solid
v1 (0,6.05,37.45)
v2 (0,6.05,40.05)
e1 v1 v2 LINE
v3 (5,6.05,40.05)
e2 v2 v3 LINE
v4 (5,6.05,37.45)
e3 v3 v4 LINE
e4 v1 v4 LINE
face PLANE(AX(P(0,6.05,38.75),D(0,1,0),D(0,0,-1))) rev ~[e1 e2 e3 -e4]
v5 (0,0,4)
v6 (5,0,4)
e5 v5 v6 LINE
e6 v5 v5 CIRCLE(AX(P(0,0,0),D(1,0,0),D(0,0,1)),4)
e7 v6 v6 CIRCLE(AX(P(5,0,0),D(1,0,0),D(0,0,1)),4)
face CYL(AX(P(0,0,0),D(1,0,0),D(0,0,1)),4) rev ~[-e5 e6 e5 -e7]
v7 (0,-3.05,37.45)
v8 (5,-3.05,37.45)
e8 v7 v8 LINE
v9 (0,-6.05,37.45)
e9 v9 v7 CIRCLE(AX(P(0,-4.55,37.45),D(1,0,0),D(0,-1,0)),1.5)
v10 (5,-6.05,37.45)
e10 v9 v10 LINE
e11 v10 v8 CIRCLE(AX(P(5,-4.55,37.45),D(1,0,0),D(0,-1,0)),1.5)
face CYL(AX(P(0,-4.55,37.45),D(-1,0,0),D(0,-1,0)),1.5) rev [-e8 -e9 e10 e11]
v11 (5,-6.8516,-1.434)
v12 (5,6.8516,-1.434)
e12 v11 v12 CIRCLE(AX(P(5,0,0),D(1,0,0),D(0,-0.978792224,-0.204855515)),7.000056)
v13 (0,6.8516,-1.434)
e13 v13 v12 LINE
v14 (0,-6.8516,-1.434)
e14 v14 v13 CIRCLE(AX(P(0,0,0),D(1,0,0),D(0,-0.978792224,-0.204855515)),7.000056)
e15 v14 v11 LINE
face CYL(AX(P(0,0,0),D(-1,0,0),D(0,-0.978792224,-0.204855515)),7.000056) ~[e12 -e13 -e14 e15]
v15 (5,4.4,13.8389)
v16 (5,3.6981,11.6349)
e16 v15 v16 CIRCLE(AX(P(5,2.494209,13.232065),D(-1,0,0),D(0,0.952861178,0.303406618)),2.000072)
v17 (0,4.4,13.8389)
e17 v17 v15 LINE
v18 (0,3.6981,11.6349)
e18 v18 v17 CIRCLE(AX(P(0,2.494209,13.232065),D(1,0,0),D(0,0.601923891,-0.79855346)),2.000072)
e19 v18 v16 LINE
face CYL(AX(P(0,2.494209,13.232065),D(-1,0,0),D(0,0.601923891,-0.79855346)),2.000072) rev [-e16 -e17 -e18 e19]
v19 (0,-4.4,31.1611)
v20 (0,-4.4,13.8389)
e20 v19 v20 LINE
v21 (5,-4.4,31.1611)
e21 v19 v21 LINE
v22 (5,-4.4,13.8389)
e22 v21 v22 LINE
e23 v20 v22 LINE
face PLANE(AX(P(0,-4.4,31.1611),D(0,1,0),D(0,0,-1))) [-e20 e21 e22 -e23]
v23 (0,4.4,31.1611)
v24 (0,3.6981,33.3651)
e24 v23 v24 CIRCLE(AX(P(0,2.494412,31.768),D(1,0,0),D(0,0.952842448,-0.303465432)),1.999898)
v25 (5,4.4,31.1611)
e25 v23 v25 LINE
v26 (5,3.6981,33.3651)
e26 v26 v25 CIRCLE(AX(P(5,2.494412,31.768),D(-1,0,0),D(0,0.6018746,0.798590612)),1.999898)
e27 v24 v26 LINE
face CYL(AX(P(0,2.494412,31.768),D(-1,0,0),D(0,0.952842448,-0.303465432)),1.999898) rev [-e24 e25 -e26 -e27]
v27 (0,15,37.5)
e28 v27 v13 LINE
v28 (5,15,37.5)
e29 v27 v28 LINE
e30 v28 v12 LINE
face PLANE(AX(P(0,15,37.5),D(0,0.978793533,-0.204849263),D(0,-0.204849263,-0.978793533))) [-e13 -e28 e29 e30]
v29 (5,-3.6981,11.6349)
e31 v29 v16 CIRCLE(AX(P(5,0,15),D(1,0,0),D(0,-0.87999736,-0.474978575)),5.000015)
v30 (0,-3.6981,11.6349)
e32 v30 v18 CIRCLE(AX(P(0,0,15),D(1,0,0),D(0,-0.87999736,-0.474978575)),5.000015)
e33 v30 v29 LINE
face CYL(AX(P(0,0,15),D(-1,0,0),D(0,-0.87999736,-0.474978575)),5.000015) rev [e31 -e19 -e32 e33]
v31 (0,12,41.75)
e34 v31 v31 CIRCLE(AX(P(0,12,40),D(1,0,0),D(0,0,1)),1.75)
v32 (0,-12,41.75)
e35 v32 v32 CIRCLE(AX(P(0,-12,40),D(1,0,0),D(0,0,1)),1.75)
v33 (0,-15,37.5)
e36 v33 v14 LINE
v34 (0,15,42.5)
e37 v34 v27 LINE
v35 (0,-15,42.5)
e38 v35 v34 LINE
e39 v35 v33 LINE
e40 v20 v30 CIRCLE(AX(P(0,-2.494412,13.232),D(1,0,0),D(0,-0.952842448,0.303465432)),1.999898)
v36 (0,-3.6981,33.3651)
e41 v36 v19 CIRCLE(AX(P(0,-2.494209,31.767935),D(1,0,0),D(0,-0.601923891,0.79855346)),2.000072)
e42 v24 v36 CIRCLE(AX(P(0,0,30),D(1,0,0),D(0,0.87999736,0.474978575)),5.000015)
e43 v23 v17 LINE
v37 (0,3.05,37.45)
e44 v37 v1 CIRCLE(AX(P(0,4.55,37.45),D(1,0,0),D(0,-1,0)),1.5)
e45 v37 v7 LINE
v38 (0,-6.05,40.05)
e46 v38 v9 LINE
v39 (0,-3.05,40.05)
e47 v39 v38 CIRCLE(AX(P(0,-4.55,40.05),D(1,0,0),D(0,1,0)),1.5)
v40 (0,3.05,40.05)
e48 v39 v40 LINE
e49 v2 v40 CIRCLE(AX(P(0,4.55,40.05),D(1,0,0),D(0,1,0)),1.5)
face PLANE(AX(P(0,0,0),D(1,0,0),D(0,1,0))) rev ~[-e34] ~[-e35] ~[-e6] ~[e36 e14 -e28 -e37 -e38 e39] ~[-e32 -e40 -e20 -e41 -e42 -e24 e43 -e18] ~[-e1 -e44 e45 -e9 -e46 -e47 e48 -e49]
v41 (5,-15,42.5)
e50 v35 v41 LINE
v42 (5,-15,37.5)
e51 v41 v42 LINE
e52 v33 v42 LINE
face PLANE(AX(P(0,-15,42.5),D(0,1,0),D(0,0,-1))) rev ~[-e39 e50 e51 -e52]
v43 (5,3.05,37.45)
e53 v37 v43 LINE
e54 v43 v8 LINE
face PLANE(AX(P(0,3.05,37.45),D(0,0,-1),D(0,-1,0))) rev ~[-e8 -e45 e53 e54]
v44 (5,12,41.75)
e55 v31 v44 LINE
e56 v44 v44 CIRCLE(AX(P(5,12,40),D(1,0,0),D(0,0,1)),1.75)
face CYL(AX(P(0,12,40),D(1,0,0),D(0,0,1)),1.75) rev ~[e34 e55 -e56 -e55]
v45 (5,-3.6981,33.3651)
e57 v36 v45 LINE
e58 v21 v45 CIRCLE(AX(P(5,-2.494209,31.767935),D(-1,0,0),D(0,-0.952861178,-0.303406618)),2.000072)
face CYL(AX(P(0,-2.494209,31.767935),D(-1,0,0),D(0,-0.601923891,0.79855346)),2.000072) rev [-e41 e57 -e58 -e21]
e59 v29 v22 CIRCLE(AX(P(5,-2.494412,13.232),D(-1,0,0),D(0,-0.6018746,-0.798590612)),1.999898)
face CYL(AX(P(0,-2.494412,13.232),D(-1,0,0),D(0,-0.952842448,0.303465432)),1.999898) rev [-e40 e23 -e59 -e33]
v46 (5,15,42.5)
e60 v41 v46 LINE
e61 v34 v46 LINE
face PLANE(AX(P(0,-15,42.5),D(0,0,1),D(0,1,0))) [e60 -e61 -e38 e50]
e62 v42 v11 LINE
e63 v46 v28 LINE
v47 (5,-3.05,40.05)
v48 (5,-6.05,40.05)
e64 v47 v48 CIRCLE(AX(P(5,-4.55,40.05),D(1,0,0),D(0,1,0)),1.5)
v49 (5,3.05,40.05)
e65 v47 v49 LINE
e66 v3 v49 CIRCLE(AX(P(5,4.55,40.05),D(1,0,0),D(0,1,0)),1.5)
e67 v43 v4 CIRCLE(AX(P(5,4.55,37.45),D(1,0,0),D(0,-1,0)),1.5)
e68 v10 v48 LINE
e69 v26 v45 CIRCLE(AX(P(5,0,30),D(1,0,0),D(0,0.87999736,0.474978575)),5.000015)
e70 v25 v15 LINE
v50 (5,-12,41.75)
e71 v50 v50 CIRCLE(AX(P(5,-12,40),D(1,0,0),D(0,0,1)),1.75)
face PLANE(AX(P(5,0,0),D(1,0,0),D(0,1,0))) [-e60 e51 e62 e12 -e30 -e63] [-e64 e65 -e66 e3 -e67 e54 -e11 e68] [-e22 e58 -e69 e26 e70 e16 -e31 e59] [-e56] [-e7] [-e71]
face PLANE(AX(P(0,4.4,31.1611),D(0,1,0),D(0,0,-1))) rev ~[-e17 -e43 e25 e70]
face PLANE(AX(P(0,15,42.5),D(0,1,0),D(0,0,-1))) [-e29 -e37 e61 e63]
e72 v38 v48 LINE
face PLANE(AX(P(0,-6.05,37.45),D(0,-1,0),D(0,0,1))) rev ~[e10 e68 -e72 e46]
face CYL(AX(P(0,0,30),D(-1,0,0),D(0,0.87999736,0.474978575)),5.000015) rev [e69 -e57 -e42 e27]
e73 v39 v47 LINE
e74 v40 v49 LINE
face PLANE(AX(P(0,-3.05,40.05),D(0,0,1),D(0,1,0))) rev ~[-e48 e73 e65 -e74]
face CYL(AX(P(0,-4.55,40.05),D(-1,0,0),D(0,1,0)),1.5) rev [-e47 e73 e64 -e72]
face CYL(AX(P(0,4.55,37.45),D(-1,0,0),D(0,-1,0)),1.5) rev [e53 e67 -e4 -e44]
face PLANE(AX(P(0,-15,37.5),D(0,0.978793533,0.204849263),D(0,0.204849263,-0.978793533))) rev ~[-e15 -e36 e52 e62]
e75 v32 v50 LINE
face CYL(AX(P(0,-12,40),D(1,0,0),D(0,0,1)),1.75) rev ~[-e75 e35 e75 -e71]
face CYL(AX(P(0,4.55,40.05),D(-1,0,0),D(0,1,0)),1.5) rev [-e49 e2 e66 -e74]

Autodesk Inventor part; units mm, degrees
ref_plane "YZ Plane" through (0, 0, 0) normal (1, 0, 0) x (0, 1, 0)
ref_plane "XZ Plane" through (0, 0, 0) normal (0, 1, 0) x (-1, 0, 0)
ref_plane "XY Plane" through (0, 0, 0) normal (0, 0, 1) x (1, 0, 0)
sketch "Sketch1" plane through (0, 0, 0) normal (1, 0, 0) x (0, 1, 0)
  line L0 (-15, 42.5) -> (15, 42.5)
  line L1 (15, 42.5) -> (15, 37.5)
  line L2 (15, 37.5) -> (6.8516, -1.434)
  arc A0 (-6.8516, -1.434) -> (6.8516, -1.434) centre (0, 0) ccw
  line L3 (0, 0) -> (0, 42.5) construction
  line L4 (-15, 42.5) -> (-15, 37.5)
  line L5 (-15, 37.5) -> (-6.8516, -1.434)
  line L6 (-15, 40) -> (15, 40) construction
  arc A1 (4.4, 32.3749) -> (-4.4, 32.3749) centre (0, 30) ccw
  line L7 (-4.4, 32.3749) -> (-4.4, 12.6251)
  line L8 (-4.4, 22.5) -> (4.4, 22.5) construction
  line L9 (4.4, 32.3749) -> (4.4, 12.6251)
  arc A2 (-4.4, 12.6251) -> (4.4, 12.6251) centre (0, 15) ccw
  circle A3 centre (0, 15) radius 15 construction
  line L10 (0, 0) -> (12.9904, 7.5) construction
  line L11 (12.9904, 7.5) -> (25.9808, 15) construction
  line L12 (6, 37.5) -> (-6, 37.5) construction
  line L13 (-6, 37.5) -> (-6, 40) construction
  line L14 (-6, 40) -> (6, 40) construction
  line L15 (6, 40) -> (6, 37.5) construction
  line L16 (6, 37.5) -> (-6, 40) construction
  line L17 (-6, 37.5) -> (6, 40) construction
  arc A4 (4.4, 31.1611) -> (3.6981, 33.3651) centre (2.4943, 31.768) ccw
  arc A5 (-3.6981, 33.3651) -> (-4.4, 31.1611) centre (-2.4943, 31.768) ccw
  arc A6 (3.6981, 11.6349) -> (4.4, 13.8389) centre (2.4943, 13.232) ccw
  arc A7 (-4.4, 13.8389) -> (-3.6981, 11.6349) centre (-2.4943, 13.232) ccw
  circle A8 centre (0, 0) radius 4 construction
  line L18 (6.05, 37.45) -> (-6.05, 37.45)
  line L19 (-6.05, 37.45) -> (-6.05, 40.05)
  line L20 (-6.05, 40.05) -> (6.05, 40.05)
  line L21 (6.05, 40.05) -> (6.05, 37.45)
  line L22 (6.05, 37.45) -> (-6.05, 40.05) construction
  line L23 (-6.05, 37.45) -> (6.05, 40.05) construction
  line L24 (-6.05, 38.75) -> (6.05, 38.75)
  arc A9 (6.05, 40.05) -> (3.05, 40.05) centre (4.55, 40.05) ccw
  arc A10 (3.05, 37.45) -> (6.05, 37.45) centre (4.55, 37.45) ccw
  arc A11 (-3.05, 40.05) -> (-6.05, 40.05) centre (-4.55, 40.05) ccw
  arc A12 (-6.05, 37.45) -> (-3.05, 37.45) centre (-4.55, 37.45) ccw
  circle A13 centre (0, 0) radius 30 construction
  point P0 (-12, 40)
  point P1 (12, 40)
  point P2 (0, 38.75)
  point P3 (-3.6981, 11.6349)
  point P4 (-4.4, 13.8389)
  point P5 (-4.4, 31.1611)
  point P6 (-3.6981, 33.3651)
  point P7 (4.4, 13.8389)
  point P8 (3.6981, 11.6349)
  point P9 (-3.05, 37.45)
  point P10 (-3.05, 40.05)
  point P11 (3.05, 37.45)
  dimension "d0" = 14
  dimension "d1" = 5
  dimension "d3" = 30
  dimension "d4" = 5
  dimension "d5" = 8.8
  dimension "d6" = 15
  dimension "d7" = 60
  dimension "d8" = 15
  dimension "d11" = 24
  dimension "d12" = 12
  dimension "d14" = 2
  dimension "d31" = 8
  dimension "d34" = 1.5
  dimension "d35" = 0.05
  dimension "d36" = 0.05
  dimension "d37" = 5
  dimension "d38" = 2.5
  dimension "d42" = 15
  dimension "d43" = 2.5
extrude "Extrusion1" add sketch "Sketch1" along normal blind 5
hole "Hole1" at (0, -12, 40) at (0, 12, 40) direction (1, 0, 0) diameter 3.5 end through all
hole "Hole2" at (0, 0, 0) direction (1, 0, 0) diameter 8 end through all
equation "\"d36\" = d35"
equation "\"d42\" = d8"
equation "\"d24\" = d31"
properties part number "LegRollSliderFrame" material "Aluminum 7075"
